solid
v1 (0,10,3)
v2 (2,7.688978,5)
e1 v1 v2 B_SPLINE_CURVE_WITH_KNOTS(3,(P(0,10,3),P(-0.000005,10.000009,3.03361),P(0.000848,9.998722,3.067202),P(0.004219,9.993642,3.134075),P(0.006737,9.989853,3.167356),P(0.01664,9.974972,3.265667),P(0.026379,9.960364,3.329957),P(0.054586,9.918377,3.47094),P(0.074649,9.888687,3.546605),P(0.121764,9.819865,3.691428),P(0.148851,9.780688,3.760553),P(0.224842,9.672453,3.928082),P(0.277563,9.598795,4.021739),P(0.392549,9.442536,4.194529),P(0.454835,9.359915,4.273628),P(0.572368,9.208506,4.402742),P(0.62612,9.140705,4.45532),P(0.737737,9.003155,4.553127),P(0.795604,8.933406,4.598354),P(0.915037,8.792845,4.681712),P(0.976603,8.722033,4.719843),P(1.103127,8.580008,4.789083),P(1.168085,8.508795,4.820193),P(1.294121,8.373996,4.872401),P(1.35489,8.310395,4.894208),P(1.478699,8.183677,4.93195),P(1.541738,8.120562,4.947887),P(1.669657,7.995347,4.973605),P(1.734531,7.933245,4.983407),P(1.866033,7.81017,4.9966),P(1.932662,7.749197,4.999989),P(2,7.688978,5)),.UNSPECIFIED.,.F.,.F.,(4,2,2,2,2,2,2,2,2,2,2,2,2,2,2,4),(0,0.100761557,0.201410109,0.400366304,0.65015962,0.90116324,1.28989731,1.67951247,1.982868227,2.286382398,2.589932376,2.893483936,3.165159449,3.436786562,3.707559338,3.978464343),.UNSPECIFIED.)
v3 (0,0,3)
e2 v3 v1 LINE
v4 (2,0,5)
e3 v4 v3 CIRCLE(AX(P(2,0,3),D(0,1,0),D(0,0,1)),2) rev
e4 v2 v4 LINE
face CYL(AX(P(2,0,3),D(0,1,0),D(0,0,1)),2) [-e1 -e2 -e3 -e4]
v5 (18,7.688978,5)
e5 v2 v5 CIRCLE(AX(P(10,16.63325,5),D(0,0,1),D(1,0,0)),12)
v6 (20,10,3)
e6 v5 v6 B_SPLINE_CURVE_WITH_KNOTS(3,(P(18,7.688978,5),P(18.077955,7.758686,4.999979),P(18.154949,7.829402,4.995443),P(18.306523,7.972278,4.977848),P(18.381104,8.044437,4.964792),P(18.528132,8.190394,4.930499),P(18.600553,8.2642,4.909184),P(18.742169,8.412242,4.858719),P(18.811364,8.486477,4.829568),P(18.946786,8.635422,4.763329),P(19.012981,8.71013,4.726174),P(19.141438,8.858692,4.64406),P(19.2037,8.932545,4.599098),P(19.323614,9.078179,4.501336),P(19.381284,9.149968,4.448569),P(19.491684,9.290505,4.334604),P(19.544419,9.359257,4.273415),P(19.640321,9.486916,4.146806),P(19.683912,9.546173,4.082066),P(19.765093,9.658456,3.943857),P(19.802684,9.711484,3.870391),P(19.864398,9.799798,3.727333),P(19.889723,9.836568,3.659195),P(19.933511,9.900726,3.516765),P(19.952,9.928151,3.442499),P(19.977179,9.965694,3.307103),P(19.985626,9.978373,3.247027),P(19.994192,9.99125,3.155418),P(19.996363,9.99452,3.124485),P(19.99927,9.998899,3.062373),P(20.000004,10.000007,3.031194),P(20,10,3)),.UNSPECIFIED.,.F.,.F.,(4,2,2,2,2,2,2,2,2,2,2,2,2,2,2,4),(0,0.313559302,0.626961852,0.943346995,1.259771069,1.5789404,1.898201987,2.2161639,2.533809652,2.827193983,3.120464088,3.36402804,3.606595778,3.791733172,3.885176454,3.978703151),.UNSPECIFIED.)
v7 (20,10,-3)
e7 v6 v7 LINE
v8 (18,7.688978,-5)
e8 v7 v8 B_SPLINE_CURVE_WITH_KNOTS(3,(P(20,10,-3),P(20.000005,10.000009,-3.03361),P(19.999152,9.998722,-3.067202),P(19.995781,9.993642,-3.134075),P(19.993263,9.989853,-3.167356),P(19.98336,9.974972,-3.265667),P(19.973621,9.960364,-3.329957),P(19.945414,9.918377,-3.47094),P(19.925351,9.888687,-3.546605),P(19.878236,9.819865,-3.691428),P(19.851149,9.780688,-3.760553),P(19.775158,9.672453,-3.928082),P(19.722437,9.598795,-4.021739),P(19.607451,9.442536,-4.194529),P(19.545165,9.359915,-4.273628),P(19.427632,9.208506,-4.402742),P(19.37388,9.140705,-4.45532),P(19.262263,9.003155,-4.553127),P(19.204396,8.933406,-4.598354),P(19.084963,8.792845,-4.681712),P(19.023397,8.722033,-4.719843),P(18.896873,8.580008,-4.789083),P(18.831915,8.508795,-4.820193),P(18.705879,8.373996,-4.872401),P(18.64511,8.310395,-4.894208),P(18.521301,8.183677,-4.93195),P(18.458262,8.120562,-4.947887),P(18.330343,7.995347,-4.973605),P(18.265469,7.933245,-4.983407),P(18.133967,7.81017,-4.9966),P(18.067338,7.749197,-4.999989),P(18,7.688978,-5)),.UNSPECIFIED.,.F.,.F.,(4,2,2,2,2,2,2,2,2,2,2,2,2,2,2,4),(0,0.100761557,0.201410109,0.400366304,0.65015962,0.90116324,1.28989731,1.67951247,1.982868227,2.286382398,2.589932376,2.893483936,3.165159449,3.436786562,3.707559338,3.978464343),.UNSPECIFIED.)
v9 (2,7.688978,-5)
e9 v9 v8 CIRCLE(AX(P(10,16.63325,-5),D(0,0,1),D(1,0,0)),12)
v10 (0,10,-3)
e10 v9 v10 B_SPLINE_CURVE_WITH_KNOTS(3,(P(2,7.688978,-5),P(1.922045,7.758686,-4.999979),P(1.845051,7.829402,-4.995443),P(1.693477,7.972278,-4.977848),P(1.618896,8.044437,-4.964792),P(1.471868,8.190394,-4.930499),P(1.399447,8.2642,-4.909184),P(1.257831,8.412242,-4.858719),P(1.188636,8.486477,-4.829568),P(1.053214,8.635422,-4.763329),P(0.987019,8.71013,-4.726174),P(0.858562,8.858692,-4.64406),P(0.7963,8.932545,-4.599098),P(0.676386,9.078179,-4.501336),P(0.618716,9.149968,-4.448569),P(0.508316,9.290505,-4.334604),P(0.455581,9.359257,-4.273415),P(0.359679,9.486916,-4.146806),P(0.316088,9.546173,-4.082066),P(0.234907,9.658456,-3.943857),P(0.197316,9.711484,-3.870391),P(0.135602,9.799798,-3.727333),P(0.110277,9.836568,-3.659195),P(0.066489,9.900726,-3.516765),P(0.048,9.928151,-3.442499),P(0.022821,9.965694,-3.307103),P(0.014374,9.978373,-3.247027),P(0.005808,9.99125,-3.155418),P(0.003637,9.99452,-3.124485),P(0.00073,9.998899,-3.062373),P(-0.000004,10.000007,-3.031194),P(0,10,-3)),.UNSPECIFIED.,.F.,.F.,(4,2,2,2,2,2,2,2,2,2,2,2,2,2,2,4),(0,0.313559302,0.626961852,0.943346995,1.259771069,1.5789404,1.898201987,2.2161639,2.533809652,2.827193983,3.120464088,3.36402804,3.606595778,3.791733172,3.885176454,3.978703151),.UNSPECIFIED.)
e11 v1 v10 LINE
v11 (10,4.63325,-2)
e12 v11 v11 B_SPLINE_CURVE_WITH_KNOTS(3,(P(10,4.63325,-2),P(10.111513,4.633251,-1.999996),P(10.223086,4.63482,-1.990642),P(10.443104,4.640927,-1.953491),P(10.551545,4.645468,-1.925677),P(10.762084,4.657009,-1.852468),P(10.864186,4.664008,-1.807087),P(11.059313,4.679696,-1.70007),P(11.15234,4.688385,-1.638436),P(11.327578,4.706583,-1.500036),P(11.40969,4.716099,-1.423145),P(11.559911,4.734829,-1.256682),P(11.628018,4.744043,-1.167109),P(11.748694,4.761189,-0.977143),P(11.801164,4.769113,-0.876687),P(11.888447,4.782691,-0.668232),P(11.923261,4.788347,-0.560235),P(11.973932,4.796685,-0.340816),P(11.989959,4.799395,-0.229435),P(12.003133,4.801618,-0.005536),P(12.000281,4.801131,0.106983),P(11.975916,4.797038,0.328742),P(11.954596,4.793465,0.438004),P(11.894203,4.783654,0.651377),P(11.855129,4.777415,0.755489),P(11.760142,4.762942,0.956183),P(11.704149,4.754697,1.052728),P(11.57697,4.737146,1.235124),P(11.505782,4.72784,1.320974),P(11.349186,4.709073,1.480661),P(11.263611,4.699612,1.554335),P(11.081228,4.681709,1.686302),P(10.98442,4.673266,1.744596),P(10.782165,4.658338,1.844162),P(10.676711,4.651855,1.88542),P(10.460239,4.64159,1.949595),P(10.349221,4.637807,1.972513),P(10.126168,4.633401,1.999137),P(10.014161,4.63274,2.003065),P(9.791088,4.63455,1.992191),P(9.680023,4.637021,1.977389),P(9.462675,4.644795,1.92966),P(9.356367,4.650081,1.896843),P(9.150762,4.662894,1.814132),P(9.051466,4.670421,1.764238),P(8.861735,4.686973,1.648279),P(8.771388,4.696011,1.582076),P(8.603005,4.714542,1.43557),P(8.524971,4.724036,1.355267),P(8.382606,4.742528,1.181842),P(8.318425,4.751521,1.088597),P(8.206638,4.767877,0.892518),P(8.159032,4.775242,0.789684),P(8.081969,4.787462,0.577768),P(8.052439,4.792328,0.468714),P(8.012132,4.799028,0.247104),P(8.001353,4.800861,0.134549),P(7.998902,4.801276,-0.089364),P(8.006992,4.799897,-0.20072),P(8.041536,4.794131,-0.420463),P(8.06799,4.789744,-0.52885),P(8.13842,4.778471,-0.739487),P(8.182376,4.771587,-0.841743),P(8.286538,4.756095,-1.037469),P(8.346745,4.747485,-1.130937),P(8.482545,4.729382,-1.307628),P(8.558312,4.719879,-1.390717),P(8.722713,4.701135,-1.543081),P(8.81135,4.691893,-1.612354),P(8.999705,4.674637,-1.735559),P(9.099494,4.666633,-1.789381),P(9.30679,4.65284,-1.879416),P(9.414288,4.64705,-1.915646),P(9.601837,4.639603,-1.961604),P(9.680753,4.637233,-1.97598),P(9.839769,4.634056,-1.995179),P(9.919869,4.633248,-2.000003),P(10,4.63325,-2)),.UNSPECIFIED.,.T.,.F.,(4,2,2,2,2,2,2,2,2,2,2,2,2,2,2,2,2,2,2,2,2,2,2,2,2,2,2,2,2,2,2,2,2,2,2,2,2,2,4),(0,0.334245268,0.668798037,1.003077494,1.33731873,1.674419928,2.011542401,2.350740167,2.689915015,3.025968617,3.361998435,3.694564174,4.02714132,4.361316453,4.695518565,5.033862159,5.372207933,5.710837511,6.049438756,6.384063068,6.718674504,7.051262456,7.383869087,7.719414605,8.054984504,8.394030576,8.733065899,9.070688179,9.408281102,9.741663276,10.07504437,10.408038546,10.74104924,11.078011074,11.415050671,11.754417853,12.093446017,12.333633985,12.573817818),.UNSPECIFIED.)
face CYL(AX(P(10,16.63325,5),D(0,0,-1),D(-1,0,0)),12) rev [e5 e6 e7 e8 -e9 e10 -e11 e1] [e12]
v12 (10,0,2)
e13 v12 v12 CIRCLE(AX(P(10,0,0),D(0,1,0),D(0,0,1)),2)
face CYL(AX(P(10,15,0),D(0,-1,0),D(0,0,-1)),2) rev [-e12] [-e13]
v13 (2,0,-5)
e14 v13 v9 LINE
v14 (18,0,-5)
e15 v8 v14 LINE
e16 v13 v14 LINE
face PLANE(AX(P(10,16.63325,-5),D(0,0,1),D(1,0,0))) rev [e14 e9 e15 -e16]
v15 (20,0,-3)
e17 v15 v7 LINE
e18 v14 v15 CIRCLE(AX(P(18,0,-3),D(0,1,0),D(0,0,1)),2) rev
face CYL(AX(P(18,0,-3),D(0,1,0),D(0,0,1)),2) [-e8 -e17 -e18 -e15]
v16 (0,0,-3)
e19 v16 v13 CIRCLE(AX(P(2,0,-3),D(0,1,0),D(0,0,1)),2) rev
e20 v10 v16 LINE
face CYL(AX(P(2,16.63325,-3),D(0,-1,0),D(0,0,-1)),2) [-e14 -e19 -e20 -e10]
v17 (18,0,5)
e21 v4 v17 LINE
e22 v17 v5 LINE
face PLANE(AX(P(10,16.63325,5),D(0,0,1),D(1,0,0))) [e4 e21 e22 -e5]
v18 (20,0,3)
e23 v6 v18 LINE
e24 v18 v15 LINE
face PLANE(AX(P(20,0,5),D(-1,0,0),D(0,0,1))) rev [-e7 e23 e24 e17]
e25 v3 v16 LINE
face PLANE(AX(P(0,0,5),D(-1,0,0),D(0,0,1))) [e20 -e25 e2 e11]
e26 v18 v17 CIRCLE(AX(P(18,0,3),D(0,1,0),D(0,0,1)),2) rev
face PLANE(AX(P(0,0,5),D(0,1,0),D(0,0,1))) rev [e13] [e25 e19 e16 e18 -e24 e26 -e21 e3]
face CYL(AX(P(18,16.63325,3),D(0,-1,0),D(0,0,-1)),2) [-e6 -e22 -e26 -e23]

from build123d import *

# Parameters (mm, degrees)
EXTRUDE_1_DEPTH     = 5
SKETCH_2_R          = 2
CUT_EXTRUDE_1_DEPTH = 15
FILLET_1_R          = 2


with BuildPart() as part:
    # 草图1 → 凸台-拉伸1 (new, symmetric)
    with BuildSketch(Plane.XY):
        with BuildLine():
            Line((0, 0), (20, 0))
            Line((20, 0), (20, 10))
            ThreePointArc((20, 10), (10, 4.633249581), (0, 10))
            Line((0, 10), (0, 0))
        make_face()
    extrude(amount=EXTRUDE_1_DEPTH, both=True)

    # 草图2 → 切除-拉伸1 (cut)
    with BuildSketch(Plane(origin=(0, 0, 0), x_dir=(1, 0, 0), z_dir=(0, 1, 0))):
        with Locations(Location((10, 0, 0), (0, 0, 90))):
            Circle(SKETCH_2_R)
    extrude(amount=CUT_EXTRUDE_1_DEPTH, mode=Mode.SUBTRACT)

    # 圆角1
    fillet_1_edges = [part.edges().sort_by_distance(p)[0] for p in [
        (20, 5, 5),
        (0, 5, 5),
        (20, 5, -5),
        (0, 5, -5),
    ]]
    fillet(fillet_1_edges, radius=FILLET_1_R)


solid = part.part
